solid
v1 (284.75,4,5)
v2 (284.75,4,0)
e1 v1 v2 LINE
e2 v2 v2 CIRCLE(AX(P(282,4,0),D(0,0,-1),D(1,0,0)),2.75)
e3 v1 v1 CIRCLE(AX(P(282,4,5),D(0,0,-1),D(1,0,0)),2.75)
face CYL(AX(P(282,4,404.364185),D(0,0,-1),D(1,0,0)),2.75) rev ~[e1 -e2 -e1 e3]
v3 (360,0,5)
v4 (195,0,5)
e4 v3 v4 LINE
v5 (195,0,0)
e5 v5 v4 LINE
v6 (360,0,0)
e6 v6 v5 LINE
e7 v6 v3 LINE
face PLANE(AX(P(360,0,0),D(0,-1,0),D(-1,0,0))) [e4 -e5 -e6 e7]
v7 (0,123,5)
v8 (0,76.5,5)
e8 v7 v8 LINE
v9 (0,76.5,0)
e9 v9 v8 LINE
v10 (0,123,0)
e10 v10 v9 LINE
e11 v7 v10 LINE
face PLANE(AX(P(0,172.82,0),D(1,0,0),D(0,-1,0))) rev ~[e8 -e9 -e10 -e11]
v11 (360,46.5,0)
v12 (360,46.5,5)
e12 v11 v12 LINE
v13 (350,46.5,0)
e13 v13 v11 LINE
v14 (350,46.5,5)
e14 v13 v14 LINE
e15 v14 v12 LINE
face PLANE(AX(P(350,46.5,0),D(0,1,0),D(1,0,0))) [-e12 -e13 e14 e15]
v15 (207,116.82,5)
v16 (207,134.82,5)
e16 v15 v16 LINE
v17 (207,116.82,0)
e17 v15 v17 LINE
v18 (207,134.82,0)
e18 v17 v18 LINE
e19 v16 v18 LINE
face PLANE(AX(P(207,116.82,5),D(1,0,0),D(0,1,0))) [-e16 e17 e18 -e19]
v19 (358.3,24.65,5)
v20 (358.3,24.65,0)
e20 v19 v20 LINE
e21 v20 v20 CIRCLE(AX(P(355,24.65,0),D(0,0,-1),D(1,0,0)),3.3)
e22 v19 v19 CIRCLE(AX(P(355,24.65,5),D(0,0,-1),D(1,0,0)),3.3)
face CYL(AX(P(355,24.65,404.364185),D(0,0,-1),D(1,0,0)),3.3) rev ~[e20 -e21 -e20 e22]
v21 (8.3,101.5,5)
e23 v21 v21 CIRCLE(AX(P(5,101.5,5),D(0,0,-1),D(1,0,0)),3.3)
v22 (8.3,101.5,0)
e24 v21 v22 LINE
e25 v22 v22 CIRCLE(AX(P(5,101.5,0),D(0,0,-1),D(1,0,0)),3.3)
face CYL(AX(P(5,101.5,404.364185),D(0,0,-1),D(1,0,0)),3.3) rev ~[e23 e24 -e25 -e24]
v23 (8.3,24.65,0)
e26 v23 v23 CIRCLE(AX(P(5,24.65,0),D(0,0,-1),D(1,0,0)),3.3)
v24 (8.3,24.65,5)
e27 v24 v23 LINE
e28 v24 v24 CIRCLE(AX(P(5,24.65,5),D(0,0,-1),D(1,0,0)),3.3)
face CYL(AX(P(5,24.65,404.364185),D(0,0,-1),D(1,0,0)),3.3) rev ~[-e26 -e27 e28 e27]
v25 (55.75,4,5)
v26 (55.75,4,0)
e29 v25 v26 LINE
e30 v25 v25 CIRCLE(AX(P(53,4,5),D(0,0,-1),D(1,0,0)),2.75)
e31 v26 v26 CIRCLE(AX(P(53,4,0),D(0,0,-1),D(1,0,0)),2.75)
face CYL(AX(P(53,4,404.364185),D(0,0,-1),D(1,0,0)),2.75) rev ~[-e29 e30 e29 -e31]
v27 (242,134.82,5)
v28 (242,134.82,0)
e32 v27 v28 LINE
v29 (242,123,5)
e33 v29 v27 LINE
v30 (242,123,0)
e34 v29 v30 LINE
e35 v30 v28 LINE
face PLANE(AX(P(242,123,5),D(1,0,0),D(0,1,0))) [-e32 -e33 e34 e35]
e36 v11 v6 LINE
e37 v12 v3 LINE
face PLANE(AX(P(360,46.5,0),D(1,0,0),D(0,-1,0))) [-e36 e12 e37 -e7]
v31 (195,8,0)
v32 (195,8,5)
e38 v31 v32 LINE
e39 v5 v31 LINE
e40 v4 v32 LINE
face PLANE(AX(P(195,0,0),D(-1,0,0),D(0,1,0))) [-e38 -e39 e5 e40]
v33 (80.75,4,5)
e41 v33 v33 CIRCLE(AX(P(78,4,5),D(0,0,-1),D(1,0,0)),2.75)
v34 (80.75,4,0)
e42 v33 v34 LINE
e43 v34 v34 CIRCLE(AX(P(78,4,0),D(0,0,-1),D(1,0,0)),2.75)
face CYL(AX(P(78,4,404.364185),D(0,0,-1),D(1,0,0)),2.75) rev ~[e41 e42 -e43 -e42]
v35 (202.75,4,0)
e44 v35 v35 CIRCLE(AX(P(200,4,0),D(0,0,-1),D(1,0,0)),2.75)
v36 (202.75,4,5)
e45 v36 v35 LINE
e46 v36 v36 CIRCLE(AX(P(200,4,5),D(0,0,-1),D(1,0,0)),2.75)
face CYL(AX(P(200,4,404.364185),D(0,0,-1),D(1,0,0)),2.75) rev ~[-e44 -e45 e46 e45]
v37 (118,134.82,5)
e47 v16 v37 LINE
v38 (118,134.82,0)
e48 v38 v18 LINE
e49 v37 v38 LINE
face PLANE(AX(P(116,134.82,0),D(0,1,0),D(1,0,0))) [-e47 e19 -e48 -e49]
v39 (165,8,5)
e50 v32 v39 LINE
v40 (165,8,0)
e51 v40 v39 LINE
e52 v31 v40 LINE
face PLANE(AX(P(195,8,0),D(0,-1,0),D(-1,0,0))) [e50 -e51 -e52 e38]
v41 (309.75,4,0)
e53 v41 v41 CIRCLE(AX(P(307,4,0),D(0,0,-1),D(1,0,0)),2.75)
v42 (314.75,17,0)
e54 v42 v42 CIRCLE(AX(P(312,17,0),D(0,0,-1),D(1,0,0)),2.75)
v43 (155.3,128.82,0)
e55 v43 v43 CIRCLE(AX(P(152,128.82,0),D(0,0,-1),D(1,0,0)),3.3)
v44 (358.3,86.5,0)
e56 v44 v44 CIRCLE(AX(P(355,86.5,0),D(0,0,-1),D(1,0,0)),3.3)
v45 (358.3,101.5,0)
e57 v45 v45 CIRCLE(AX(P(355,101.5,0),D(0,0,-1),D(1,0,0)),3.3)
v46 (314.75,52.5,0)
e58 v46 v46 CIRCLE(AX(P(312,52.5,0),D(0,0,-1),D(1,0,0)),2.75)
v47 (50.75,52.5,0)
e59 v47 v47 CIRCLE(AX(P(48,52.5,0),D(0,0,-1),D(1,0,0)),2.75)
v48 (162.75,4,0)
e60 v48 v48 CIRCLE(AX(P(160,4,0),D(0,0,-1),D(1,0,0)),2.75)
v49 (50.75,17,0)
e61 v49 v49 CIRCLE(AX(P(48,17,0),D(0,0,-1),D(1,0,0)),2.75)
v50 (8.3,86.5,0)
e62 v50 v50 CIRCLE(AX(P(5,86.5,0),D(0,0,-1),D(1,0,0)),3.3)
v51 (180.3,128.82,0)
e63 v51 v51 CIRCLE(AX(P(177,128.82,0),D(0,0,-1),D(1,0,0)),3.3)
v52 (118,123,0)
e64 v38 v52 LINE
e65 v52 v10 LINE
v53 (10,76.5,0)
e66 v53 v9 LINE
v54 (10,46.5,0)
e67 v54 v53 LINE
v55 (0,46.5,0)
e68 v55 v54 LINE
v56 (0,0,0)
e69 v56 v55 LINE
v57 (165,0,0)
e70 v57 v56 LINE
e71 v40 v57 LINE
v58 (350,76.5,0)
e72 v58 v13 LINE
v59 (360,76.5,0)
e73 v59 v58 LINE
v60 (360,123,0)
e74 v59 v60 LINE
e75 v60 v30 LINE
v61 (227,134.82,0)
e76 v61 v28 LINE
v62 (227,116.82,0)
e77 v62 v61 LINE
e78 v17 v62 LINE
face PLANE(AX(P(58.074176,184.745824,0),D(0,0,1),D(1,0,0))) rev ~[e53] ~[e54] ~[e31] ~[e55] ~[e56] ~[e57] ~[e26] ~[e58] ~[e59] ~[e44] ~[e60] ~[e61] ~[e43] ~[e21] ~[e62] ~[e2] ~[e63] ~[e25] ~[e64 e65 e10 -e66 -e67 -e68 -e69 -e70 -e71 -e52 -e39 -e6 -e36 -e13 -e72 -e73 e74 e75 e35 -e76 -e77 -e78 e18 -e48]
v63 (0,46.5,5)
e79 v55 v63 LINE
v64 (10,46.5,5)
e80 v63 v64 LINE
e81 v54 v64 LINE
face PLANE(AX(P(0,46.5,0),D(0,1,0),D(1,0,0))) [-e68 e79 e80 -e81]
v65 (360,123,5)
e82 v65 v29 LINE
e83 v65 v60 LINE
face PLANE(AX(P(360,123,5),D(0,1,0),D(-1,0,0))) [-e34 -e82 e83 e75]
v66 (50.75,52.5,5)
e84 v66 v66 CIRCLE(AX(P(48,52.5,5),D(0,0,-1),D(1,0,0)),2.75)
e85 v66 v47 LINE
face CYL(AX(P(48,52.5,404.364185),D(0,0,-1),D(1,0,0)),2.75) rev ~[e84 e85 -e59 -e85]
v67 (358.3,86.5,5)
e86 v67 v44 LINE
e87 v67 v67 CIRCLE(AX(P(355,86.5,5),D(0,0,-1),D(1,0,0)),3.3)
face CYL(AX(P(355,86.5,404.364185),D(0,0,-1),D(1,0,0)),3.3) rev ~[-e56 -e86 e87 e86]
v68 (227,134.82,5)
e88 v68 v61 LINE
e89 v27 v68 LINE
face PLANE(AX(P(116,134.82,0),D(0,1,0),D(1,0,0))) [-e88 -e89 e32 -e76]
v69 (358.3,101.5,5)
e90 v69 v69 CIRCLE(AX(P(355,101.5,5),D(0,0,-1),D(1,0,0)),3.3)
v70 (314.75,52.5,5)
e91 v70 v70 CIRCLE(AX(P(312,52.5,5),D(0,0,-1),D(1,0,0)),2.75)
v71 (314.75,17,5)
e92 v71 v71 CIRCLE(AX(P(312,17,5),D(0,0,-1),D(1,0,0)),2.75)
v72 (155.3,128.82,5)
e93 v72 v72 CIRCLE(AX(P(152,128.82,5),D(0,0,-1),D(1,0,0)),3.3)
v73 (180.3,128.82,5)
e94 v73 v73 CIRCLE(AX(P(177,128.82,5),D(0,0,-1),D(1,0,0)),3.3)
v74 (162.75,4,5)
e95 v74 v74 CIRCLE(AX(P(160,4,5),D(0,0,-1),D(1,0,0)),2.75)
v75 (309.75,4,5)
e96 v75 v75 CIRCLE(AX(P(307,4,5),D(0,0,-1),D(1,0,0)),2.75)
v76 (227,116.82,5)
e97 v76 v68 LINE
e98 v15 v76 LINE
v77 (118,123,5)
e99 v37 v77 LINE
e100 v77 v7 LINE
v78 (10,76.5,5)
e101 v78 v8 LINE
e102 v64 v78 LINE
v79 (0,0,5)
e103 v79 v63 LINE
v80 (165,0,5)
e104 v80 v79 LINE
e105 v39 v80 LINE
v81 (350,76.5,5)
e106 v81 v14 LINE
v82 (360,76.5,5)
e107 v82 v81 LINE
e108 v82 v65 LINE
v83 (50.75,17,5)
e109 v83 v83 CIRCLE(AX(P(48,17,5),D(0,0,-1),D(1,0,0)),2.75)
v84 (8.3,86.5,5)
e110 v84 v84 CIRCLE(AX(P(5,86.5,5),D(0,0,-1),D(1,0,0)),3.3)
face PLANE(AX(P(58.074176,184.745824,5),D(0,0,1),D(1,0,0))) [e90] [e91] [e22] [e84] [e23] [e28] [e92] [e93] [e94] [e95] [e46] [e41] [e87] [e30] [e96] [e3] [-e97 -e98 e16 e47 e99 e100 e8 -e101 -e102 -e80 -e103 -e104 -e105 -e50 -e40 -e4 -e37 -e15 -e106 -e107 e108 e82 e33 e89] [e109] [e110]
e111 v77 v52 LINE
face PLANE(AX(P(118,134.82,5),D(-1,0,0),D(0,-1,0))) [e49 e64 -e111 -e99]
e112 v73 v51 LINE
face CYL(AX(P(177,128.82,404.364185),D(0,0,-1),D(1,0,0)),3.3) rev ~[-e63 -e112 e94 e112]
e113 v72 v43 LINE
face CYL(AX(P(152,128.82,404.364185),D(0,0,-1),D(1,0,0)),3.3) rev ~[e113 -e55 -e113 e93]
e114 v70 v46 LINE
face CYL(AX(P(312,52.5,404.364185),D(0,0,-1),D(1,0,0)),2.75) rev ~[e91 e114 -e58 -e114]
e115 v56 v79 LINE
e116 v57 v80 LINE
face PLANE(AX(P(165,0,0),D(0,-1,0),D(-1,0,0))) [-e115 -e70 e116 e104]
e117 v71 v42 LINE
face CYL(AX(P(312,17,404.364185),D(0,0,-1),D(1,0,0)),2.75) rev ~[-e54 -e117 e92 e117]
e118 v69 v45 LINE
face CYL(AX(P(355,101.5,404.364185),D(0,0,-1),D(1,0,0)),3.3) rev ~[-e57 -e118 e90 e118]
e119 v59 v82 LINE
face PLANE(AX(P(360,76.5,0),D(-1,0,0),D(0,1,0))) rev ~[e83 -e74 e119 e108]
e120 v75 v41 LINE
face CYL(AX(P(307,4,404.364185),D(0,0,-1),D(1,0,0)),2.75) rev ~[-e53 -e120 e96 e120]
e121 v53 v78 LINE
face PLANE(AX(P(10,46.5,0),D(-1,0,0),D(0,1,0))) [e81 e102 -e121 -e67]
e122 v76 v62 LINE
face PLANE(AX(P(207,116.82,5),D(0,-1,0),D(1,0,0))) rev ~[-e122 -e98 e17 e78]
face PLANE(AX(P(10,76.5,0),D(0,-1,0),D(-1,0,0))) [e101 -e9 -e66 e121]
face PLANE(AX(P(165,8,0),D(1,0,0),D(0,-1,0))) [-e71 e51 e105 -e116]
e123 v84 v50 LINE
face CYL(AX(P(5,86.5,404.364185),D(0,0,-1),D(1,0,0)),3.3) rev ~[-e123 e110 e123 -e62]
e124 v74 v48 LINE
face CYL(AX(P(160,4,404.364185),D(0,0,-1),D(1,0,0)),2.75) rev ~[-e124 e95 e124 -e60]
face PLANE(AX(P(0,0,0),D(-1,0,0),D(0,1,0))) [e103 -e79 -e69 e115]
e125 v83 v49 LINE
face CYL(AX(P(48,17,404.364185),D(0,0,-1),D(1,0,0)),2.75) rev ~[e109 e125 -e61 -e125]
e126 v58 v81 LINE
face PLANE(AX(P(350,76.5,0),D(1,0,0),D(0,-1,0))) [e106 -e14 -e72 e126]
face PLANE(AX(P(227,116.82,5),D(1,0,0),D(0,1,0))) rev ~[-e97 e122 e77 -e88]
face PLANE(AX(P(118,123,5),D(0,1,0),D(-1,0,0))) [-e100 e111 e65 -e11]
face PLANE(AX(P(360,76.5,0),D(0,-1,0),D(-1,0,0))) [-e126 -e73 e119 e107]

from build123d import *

# Parameters (mm, degrees)
RESSALTO_EXTRUS_O1_DEPTH = 5
FURO_COM_FOLGA_DE_M61_D  = 6.6
FURO_COM_FOLGA_DE_M51_D  = 5.5
RESSALTO_EXTRUS_O3_DEPTH = 5
CORTE_EXTRUS_O1_DEPTH    = 419.231218825
ESBO_O19_W               = 20
ESBO_O19_H               = 18
CORTE_EXTRUS_O2_DEPTH    = 385.449518663


with BuildPart() as part:
    # Esboço1 → Ressalto-extrusão1 (new body)
    with BuildSketch(Plane.XY):
        Polygon((0, 76.5), (0, 132.32), (0, 172.82), (116, 172.82), (116, 134.82), (244, 134.82), (244, 172.82), (360, 172.82), (360, 132.32), (360, 76.5), (350, 76.5), (350, 46.5), (360, 46.5), (360, 0), (195, 0), (195, 8), (165, 8), (165, 0), (0, 0), (0, 46.5), (10, 46.5), (10, 76.5), align=None)
    extrude(amount=RESSALTO_EXTRUS_O1_DEPTH)

    # Furo com folga de M61 (through all)
    with Locations(Plane(origin=(-158.278165294, -245.41916969, 5), x_dir=(-1, 0, 0), z_dir=(0, 0, 1))):
        with Locations((-163.278165294, -331.91916969), (-163.278165294, -270.06916969), (-513.278165294, -331.91916969), (-513.278165294, -270.06916969), (-458.278165294, -374.23916969), (-428.278165294, -374.23916969), (-248.278165294, -374.23916969), (-218.278165294, -374.23916969), (-335.278165294, -374.23916969), (-163.278165294, -346.91916969), (-513.278165294, -346.91916969), (-310.278165294, -374.23916969)):
            Hole(FURO_COM_FOLGA_DE_M61_D / 2)

    # Furo com folga de M51 (through all)
    with Locations(Plane(origin=(-158.278165294, -245.41916969, 5), x_dir=(-1, 0, 0), z_dir=(0, 0, 1))):
        with Locations((-470.278165294, -297.91916969), (-470.278165294, -262.41916969), (-206.278165294, -297.91916969), (-206.278165294, -262.41916969), (-465.278165294, -249.41916969), (-440.278165294, -249.41916969), (-358.278165294, -249.41916969), (-318.278165294, -249.41916969), (-236.278165294, -249.41916969), (-211.278165294, -249.41916969)):
            Hole(FURO_COM_FOLGA_DE_M51_D / 2)

    # Esboço15 → Ressalto-extrusão3 (add, through all)
    with BuildSketch(Plane.XY.offset(5)):
        Polygon((100, 172.82), (100, 212.82), (0, 172.82), align=None)
        Polygon((260, 172.82), (260, 212.82), (360, 172.82), align=None)
    extrude(amount=-RESSALTO_EXTRUS_O3_DEPTH)

    # Esboço18 → Corte-extrusão1 (cut, through all)
    with BuildSketch(Plane.XY.offset(5)):
        Polygon((118, 134.82), (118, 123), (0, 123), (0, 223), (360, 223), (360, 123), (242, 123), (242, 134.82), align=None)
    extrude(amount=-CORTE_EXTRUS_O1_DEPTH, mode=Mode.SUBTRACT)

    # Esboço19 → Corte-extrusão2 (cut, through all)
    with BuildSketch(Plane.XY.offset(5)):
        with Locations((217, 125.82)):
            Rectangle(ESBO_O19_W, ESBO_O19_H)
    extrude(amount=-CORTE_EXTRUS_O2_DEPTH, mode=Mode.SUBTRACT)


solid = part.part
